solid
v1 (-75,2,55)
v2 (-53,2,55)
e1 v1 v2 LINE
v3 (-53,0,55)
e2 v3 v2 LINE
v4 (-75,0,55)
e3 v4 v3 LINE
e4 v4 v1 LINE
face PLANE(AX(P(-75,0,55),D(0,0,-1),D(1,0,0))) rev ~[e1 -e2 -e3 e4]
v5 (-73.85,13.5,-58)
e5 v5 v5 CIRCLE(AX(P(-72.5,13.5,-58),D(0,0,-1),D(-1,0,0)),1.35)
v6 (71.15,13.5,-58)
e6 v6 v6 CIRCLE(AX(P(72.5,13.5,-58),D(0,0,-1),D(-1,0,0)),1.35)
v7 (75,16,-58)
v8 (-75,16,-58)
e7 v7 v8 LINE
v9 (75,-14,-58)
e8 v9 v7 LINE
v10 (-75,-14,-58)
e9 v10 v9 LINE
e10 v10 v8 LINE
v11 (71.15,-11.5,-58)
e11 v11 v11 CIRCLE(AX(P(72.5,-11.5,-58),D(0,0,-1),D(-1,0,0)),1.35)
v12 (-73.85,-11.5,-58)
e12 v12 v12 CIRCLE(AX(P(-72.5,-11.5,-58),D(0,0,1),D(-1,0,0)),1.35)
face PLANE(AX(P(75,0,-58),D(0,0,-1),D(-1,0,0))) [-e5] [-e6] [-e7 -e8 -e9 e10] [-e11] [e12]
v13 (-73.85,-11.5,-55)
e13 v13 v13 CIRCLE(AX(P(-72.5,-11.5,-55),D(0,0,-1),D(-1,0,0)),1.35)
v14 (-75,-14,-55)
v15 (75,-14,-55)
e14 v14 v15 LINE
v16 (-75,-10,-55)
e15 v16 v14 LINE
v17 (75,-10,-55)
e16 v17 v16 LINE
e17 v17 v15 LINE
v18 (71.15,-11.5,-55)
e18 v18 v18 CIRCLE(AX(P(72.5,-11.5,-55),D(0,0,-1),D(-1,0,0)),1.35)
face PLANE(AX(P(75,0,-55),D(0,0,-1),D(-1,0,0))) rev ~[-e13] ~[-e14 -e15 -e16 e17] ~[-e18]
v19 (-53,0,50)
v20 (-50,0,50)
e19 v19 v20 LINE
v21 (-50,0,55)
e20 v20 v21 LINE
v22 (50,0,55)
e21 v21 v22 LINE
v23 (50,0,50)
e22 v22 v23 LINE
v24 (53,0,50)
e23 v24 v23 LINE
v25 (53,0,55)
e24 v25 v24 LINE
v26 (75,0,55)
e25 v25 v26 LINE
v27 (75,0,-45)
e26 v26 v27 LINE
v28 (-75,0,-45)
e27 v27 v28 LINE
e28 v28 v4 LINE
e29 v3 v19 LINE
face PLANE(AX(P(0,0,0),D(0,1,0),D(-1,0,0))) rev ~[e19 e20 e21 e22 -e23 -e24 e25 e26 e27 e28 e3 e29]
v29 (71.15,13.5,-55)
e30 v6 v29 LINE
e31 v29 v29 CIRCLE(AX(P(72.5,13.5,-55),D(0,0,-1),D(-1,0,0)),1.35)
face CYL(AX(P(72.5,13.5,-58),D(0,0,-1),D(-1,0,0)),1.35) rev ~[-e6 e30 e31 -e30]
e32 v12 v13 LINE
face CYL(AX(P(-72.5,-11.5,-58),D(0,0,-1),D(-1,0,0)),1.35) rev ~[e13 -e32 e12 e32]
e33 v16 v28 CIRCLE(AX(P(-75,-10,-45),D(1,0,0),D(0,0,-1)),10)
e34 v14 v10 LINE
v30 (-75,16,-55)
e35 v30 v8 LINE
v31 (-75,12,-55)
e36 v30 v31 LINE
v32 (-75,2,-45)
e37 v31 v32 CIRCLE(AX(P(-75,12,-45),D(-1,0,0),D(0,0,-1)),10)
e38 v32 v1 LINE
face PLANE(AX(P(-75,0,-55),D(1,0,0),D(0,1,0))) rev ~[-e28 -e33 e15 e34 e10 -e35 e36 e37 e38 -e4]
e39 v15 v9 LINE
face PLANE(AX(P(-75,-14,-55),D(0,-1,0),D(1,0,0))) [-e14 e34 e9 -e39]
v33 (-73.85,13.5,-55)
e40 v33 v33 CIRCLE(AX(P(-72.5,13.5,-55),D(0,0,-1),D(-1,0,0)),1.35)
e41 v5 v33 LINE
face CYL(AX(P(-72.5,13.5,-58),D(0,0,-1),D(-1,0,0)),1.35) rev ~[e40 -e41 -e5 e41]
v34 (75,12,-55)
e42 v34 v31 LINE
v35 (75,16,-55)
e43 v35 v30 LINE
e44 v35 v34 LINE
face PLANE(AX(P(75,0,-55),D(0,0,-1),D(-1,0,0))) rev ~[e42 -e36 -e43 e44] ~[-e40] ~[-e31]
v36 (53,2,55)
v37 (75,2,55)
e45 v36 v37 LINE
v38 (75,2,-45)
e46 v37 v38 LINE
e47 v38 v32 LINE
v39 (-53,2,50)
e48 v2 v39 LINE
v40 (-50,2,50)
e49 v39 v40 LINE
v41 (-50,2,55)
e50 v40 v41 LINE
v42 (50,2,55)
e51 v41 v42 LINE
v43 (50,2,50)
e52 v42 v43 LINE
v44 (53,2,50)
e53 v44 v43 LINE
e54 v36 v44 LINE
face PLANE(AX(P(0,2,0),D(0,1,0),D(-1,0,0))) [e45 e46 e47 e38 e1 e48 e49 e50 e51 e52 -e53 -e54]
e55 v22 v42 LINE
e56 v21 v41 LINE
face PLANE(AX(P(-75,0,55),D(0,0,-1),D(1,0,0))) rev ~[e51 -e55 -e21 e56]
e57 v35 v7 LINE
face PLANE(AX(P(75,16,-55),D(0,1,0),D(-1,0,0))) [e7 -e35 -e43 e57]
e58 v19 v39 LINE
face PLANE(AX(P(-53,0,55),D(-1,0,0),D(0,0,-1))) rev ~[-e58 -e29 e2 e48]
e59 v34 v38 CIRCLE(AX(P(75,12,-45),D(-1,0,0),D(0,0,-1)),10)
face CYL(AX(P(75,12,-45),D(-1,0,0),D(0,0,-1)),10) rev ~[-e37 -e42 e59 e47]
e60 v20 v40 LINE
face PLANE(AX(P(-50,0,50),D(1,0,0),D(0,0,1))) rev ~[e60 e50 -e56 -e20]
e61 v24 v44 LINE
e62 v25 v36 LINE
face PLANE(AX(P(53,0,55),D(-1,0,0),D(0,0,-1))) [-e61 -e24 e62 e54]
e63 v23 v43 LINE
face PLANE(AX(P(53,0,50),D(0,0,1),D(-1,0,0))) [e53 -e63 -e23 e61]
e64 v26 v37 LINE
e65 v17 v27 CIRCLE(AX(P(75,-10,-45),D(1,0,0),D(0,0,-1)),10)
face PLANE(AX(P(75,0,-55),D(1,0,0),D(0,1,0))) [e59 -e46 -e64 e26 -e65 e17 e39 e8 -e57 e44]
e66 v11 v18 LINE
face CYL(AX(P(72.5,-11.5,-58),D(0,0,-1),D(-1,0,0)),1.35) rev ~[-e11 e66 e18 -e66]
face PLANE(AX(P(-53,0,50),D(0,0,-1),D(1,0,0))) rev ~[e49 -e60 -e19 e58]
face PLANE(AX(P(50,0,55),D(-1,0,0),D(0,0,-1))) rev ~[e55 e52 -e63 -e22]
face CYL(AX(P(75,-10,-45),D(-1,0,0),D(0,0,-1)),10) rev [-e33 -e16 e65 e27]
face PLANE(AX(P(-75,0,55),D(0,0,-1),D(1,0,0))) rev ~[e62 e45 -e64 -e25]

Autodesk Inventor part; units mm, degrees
ref_plane "YZ Plane" through (0, 0, 0) normal (1, 0, 0) x (0, 1, 0)
ref_plane "XZ Plane" through (0, 0, 0) normal (0, 1, 0) x (-1, 0, 0)
ref_plane "XY Plane" through (0, 0, 0) normal (0, 0, 1) x (1, 0, 0)
sketch "Sketch1" plane through (0, 0, 0) normal (0, 1, 0) x (-1, 0, 0)
  line L0 (75, 55) -> (-75, 55)
  line L1 (-75, 55) -> (-75, -55)
  line L2 (-75, -55) -> (75, -55)
  line L3 (75, -55) -> (75, 55)
  line L4 (75, 55) -> (-75, -55) construction
  line L5 (-75, 55) -> (75, -55) construction
  point P0 (0, 0)
  dimension "d0" = 150
  dimension "d1" = 110
extrude "Extrusion1" add sketch "Sketch1" along normal blind 2
sketch "Sketch2" plane through (75, 0, -55) normal (0, 0, -1) x (-1, 0, 0)
  line L0 (0, 0) -> (150, 0) projected
  line L1 (150, 0) -> (150, 2) projected
  line L2 (0, 2) -> (150, 2) projected
  line L3 (0, 0) -> (0, 2) projected
  line L4 (0, 0) -> (0, 2) construction
  line L5 (0, 0) -> (150, 2) construction
  line L6 (150, 0) -> (0, 0) construction
  line L7 (150, 0) -> (0, 2) construction
  line L8 (150, -14) -> (0, -14)
  line L9 (0, -14) -> (0, 16)
  line L10 (0, 16) -> (150, 16)
  line L11 (150, 16) -> (150, -14)
  line L12 (150, -14) -> (0, 16) construction
  line L13 (0, -14) -> (150, 16) construction
  point P0 (75, 0)
  point P1 (75, 1)
  dimension "d4" = 30
  dimension "d5" = 150
extrude "Extrusion2" add sketch "Sketch2" along normal blind 3
fillet "Fillet1" radius 10 2 edges at (0, 0, -55) (0, 2, -55)
sketch "Sketch3" plane through (0, 0, 0) normal (0, -1, 0) x (1, 0, 0)
  line L0 (0, 0) -> (0, 5)
  line L1 (0, 0) -> (5, 0) construction
  line L2 (-50, 55) -> (50, 55)
  line L3 (50, 55) -> (50, -45)
  line L4 (50, -45) -> (-50, -45)
  line L5 (-50, -45) -> (-50, 55)
  line L6 (-50, 55) -> (50, -45) construction
  line L7 (50, 55) -> (-50, -45) construction
  line L8 (-50, 55) -> (-53, 55)
  line L9 (-53, 55) -> (-53, 50)
  line L10 (-53, 50) -> (-50, 50)
  line L11 (-50, 50) -> (-50, 55)
  line L12 (50, 55) -> (53, 55)
  line L13 (53, 55) -> (53, 50)
  line L14 (53, 50) -> (50, 50)
  line L15 (50, 50) -> (50, 55)
  dimension "d9" = 5
  dimension "d10" = 90
  dimension "d11" = 100
  dimension "d12" = 100
  dimension "d13" = 3
  dimension "d14" = 5
  dimension "d15" = 3
  dimension "d16" = 5
extrude "Extrusion3" cut sketch "Sketch3" against normal up to surface (2 mm away) contours L5 L10 L9 L8 | L12 L13 L14 L3
sketch "Sketch4" plane through (75, 0, -58) normal (0, 0, -1) x (-1, 0, 0)
  line L0 (75, 0) -> (147.5, 0)
  line L1 (0, 0) -> (150, 0) projected
  line L2 (75, 0) -> (147.5, 0) construction
  line L3 (147.5, 0) -> (147.5, -11.5)
  line L4 (150, -10) -> (0, -10) projected
  circle A0 centre (147.5, -11.5) radius 1.35
  line L5 (75, 0) -> (75, -10)
  line L6 (75, 0) -> (85, 0) construction
  circle A1 centre (147.5, 13.5) radius 1.35
  circle A2 centre (2.5, -11.5) radius 1.35
  circle A3 centre (2.5, 13.5) radius 1.35
  line L7 (150, 2) -> (0, 2) projected
  line L8 (75, 0) -> (75, 1)
  line L9 (75, 0) -> (76, 0) construction
  dimension "d19" = 72.5
  dimension "d20" = 0
  dimension "d21" = 11.5
  dimension "d22" = 90
  dimension "d23" = 2.7
  dimension "d24" = 10
  dimension "d25" = 90
  dimension "d28" = 25
  dimension "d31" = 145
  dimension "d34" = 1
  dimension "d35" = 90
extrude "Extrusion4" cut sketch "Sketch4" against normal up to surface (3 mm away) contours A0 | A1 | A2 | A3
properties part number "apriltag_body"
